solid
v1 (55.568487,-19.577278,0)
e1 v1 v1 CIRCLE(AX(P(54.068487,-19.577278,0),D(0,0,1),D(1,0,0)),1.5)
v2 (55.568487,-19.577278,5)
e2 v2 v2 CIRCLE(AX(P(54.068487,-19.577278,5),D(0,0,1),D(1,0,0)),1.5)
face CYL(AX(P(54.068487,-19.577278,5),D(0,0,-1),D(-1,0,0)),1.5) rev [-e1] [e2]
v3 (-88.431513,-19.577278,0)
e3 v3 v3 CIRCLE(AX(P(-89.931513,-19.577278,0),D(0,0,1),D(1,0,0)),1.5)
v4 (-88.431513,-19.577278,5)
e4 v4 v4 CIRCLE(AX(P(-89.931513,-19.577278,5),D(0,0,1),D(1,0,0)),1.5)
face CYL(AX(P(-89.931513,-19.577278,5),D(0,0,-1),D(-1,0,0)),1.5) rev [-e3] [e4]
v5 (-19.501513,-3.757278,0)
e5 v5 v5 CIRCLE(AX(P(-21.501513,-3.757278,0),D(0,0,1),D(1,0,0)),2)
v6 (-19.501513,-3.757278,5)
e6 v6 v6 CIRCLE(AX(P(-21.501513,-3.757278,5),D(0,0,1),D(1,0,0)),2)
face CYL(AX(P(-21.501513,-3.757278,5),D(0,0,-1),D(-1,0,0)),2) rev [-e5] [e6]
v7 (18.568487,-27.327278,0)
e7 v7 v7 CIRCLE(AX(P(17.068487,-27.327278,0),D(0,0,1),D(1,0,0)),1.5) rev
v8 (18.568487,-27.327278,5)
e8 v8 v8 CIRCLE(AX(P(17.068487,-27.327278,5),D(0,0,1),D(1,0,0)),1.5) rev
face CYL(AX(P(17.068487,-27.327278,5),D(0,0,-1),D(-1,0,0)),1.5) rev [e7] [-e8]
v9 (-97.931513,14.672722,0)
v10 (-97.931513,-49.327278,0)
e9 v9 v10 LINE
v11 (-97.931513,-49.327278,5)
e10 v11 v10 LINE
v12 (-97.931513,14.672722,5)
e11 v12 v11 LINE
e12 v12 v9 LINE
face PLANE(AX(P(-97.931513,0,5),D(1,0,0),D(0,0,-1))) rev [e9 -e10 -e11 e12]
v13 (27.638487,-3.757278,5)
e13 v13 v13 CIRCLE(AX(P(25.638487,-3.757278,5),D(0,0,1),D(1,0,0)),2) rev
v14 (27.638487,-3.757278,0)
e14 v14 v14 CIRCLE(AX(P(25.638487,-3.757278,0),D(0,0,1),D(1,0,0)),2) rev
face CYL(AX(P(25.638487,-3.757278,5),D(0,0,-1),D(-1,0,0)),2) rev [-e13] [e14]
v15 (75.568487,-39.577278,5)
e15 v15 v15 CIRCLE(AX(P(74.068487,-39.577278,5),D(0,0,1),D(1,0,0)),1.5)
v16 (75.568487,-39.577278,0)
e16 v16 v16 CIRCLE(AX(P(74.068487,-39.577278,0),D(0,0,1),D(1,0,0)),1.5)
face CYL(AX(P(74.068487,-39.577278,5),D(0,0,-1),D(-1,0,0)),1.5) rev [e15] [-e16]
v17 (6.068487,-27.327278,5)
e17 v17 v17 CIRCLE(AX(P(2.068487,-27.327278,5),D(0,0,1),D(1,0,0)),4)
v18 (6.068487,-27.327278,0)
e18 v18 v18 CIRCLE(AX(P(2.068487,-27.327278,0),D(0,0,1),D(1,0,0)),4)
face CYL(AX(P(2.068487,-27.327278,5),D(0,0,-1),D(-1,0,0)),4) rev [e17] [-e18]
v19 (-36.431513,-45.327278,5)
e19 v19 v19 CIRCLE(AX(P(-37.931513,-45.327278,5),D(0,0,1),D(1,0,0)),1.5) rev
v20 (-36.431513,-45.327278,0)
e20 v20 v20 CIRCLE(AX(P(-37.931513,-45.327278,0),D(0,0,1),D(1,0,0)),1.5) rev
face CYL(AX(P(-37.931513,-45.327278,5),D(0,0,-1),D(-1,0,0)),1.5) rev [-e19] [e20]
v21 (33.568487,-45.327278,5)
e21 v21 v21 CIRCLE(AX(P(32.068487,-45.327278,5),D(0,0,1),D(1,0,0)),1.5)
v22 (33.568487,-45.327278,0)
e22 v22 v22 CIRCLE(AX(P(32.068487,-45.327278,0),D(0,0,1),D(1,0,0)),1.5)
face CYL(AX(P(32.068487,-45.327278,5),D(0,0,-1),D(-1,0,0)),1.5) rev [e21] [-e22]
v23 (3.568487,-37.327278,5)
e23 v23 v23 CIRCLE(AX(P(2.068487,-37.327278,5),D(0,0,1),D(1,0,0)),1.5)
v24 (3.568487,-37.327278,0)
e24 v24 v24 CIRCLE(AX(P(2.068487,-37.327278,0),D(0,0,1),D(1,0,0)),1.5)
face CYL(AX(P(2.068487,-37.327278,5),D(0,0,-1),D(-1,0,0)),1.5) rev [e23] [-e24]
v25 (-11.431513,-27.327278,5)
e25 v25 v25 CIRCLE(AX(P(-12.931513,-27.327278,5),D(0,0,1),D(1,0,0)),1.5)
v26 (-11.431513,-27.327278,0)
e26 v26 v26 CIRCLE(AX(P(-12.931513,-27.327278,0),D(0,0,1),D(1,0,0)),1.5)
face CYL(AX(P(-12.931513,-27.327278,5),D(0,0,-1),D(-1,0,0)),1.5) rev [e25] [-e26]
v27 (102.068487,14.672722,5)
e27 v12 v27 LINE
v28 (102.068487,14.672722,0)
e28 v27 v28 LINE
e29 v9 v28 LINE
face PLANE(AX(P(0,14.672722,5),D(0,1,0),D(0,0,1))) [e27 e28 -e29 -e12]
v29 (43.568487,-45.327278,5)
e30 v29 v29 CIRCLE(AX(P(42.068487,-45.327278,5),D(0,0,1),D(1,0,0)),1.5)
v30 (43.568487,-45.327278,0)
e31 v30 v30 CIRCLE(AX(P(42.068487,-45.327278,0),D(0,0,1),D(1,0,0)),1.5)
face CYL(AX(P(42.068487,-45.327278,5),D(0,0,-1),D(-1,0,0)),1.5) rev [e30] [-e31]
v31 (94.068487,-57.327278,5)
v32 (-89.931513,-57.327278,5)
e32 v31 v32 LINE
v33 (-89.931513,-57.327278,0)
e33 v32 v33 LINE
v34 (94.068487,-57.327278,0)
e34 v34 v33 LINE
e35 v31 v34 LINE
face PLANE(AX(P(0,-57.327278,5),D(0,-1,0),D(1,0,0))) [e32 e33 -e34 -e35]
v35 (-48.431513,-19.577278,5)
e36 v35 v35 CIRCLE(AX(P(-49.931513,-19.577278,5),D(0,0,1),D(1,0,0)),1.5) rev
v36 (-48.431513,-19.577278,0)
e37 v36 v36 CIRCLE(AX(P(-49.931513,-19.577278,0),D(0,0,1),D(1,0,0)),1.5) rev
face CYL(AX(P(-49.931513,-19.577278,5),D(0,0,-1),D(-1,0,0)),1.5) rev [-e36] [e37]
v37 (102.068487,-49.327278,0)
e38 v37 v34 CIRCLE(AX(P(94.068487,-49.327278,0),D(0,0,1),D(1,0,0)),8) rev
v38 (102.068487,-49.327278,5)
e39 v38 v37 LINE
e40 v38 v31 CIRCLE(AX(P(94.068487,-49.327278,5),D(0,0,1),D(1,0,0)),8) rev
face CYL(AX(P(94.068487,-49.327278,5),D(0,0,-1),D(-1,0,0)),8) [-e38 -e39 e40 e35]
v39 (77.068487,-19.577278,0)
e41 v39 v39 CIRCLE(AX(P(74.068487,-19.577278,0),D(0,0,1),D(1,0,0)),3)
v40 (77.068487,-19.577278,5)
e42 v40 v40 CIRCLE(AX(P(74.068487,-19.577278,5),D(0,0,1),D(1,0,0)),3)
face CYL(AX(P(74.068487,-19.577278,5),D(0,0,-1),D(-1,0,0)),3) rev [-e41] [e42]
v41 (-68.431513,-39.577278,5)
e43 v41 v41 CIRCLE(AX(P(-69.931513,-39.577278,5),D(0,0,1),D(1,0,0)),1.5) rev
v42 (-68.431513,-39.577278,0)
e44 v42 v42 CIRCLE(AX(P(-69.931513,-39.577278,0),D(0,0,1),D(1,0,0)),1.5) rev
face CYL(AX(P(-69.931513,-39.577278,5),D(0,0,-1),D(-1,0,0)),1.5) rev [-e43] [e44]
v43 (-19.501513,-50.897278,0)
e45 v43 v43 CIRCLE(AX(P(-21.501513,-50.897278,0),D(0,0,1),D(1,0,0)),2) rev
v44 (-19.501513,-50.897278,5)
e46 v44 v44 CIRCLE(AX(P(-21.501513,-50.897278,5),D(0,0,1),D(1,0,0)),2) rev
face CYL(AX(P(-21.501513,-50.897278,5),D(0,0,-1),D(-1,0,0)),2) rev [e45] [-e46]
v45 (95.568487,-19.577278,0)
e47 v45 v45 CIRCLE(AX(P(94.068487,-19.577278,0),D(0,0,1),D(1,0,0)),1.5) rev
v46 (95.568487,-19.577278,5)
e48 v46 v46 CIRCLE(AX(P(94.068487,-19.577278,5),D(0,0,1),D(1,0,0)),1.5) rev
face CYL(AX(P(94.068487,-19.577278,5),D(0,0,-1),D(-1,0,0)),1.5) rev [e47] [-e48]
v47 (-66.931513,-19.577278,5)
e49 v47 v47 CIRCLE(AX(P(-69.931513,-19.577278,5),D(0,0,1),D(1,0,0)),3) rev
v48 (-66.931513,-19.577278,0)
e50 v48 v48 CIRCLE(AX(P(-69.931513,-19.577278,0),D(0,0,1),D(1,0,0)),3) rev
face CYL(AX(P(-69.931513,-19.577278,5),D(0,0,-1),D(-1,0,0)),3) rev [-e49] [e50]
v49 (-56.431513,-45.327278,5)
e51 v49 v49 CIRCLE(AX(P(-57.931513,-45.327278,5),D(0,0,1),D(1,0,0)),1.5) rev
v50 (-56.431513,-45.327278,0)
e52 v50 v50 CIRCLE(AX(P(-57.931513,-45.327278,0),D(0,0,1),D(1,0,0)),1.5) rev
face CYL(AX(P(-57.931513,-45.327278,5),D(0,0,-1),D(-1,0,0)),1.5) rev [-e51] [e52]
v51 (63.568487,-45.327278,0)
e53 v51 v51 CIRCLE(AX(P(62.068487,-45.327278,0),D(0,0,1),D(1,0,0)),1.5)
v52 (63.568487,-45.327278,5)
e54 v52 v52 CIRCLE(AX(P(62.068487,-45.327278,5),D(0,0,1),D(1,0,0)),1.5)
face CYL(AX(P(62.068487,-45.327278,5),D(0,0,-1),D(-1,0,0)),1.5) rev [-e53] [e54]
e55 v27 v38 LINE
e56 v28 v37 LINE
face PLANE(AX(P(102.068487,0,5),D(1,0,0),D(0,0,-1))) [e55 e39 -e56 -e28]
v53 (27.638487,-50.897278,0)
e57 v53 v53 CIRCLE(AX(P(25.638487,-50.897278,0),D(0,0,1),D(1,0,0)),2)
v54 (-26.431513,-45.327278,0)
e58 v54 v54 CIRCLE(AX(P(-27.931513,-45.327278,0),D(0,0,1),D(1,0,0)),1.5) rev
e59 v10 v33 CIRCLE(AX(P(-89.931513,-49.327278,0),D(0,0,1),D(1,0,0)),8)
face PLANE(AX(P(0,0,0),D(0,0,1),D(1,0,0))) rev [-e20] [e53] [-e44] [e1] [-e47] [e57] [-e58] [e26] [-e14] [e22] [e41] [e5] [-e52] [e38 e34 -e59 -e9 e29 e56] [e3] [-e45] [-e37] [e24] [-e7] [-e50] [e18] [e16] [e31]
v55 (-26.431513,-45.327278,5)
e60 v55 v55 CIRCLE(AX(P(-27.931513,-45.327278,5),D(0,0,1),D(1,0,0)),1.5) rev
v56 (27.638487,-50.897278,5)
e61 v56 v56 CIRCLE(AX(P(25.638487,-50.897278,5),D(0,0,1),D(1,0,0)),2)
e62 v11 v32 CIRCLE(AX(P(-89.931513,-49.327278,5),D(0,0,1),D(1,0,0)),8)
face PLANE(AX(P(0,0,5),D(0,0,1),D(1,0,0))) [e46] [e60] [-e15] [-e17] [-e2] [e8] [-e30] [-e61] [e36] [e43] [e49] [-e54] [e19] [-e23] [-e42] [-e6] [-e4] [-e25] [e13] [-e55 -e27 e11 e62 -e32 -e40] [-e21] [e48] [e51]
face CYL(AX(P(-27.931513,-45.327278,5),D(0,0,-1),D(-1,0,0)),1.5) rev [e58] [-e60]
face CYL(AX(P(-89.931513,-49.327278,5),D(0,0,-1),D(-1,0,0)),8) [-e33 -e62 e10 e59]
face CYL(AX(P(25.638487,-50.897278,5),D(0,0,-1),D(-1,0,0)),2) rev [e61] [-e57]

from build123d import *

# Parameters (mm, degrees)
CROQUIS1_R              = 4
CROQUIS1_R_2            = 3
CROQUIS1_R_3            = 1.5
CROQUIS1_R_4            = 2
SALIENTE_EXTRUIR1_DEPTH = 5


with BuildPart() as part:
    # Croquis1 → Saliente-Extruir1 (new body)
    with BuildSketch(Plane.XY):
        with BuildLine():
            Line((102.068487159, -0.327277931), (102.068487159, -49.327277931))
            ThreePointArc((102.068487159, -49.327277931), (99.725341409, -54.98413218), (94.068487159, -57.327277931))
            Line((94.068487159, -57.327277931), (-89.931512841, -57.327277931))
            ThreePointArc((-89.931512841, -57.327277931), (-95.58836709, -54.98413218), (-97.931512841, -49.327277931))
            Line((-97.931512841, -49.327277931), (-97.931512841, -0.327277931))
            Line((-97.931512841, -0.327277931), (-97.931512841, 14.672722069))
            Line((-97.931512841, 14.672722069), (102.068487159, 14.672722069))
            Line((102.068487159, 14.672722069), (102.068487159, -0.327277931))
        make_face()
        with Locations((2.068487159, -27.327277931)):
            Circle(CROQUIS1_R, mode=Mode.SUBTRACT)
        with Locations((74.068487159, -19.577277931)):
            Circle(CROQUIS1_R_2, mode=Mode.SUBTRACT)
        with Locations((-69.931512841, -19.577277931)):
            Circle(CROQUIS1_R_2, mode=Mode.SUBTRACT)
        with Locations((74.068487159, -39.577277931)):
            Circle(CROQUIS1_R_3, mode=Mode.SUBTRACT)
        with Locations((54.068487159, -19.577277931)):
            Circle(CROQUIS1_R_3, mode=Mode.SUBTRACT)
        with Locations((94.068487159, -19.577277931)):
            Circle(CROQUIS1_R_3, mode=Mode.SUBTRACT)
        with Locations((-69.931512841, -39.577277931)):
            Circle(CROQUIS1_R_3, mode=Mode.SUBTRACT)
        with Locations((-89.931512841, -19.577277931)):
            Circle(CROQUIS1_R_3, mode=Mode.SUBTRACT)
        with Locations((-49.931512841, -19.577277931)):
            Circle(CROQUIS1_R_3, mode=Mode.SUBTRACT)
        with Locations((42.068487159, -45.327277931)):
            Circle(CROQUIS1_R_3, mode=Mode.SUBTRACT)
        with Locations((62.068487159, -45.327277931)):
            Circle(CROQUIS1_R_3, mode=Mode.SUBTRACT)
        with Locations((-57.931512841, -45.327277931)):
            Circle(CROQUIS1_R_3, mode=Mode.SUBTRACT)
        with Locations((-37.931512841, -45.327277931)):
            Circle(CROQUIS1_R_3, mode=Mode.SUBTRACT)
        with Locations((-12.931512841, -27.327277931)):
            Circle(CROQUIS1_R_3, mode=Mode.SUBTRACT)
        with Locations((17.068487159, -27.327277931)):
            Circle(CROQUIS1_R_3, mode=Mode.SUBTRACT)
        with Locations((2.068487159, -37.327277931)):
            Circle(CROQUIS1_R_3, mode=Mode.SUBTRACT)
        with Locations((-21.501512841, -3.757277931)):
            Circle(CROQUIS1_R_4, mode=Mode.SUBTRACT)
        with Locations((25.638487159, -3.757277931)):
            Circle(CROQUIS1_R_4, mode=Mode.SUBTRACT)
        with Locations((25.638487159, -50.897277931)):
            Circle(CROQUIS1_R_4, mode=Mode.SUBTRACT)
        with Locations((-21.501512841, -50.897277931)):
            Circle(CROQUIS1_R_4, mode=Mode.SUBTRACT)
        with Locations((32.068487159, -45.327277931)):
            Circle(CROQUIS1_R_3, mode=Mode.SUBTRACT)
        with Locations((-27.931512841, -45.327277931)):
            Circle(CROQUIS1_R_3, mode=Mode.SUBTRACT)
    extrude(amount=SALIENTE_EXTRUIR1_DEPTH)


solid = part.part
